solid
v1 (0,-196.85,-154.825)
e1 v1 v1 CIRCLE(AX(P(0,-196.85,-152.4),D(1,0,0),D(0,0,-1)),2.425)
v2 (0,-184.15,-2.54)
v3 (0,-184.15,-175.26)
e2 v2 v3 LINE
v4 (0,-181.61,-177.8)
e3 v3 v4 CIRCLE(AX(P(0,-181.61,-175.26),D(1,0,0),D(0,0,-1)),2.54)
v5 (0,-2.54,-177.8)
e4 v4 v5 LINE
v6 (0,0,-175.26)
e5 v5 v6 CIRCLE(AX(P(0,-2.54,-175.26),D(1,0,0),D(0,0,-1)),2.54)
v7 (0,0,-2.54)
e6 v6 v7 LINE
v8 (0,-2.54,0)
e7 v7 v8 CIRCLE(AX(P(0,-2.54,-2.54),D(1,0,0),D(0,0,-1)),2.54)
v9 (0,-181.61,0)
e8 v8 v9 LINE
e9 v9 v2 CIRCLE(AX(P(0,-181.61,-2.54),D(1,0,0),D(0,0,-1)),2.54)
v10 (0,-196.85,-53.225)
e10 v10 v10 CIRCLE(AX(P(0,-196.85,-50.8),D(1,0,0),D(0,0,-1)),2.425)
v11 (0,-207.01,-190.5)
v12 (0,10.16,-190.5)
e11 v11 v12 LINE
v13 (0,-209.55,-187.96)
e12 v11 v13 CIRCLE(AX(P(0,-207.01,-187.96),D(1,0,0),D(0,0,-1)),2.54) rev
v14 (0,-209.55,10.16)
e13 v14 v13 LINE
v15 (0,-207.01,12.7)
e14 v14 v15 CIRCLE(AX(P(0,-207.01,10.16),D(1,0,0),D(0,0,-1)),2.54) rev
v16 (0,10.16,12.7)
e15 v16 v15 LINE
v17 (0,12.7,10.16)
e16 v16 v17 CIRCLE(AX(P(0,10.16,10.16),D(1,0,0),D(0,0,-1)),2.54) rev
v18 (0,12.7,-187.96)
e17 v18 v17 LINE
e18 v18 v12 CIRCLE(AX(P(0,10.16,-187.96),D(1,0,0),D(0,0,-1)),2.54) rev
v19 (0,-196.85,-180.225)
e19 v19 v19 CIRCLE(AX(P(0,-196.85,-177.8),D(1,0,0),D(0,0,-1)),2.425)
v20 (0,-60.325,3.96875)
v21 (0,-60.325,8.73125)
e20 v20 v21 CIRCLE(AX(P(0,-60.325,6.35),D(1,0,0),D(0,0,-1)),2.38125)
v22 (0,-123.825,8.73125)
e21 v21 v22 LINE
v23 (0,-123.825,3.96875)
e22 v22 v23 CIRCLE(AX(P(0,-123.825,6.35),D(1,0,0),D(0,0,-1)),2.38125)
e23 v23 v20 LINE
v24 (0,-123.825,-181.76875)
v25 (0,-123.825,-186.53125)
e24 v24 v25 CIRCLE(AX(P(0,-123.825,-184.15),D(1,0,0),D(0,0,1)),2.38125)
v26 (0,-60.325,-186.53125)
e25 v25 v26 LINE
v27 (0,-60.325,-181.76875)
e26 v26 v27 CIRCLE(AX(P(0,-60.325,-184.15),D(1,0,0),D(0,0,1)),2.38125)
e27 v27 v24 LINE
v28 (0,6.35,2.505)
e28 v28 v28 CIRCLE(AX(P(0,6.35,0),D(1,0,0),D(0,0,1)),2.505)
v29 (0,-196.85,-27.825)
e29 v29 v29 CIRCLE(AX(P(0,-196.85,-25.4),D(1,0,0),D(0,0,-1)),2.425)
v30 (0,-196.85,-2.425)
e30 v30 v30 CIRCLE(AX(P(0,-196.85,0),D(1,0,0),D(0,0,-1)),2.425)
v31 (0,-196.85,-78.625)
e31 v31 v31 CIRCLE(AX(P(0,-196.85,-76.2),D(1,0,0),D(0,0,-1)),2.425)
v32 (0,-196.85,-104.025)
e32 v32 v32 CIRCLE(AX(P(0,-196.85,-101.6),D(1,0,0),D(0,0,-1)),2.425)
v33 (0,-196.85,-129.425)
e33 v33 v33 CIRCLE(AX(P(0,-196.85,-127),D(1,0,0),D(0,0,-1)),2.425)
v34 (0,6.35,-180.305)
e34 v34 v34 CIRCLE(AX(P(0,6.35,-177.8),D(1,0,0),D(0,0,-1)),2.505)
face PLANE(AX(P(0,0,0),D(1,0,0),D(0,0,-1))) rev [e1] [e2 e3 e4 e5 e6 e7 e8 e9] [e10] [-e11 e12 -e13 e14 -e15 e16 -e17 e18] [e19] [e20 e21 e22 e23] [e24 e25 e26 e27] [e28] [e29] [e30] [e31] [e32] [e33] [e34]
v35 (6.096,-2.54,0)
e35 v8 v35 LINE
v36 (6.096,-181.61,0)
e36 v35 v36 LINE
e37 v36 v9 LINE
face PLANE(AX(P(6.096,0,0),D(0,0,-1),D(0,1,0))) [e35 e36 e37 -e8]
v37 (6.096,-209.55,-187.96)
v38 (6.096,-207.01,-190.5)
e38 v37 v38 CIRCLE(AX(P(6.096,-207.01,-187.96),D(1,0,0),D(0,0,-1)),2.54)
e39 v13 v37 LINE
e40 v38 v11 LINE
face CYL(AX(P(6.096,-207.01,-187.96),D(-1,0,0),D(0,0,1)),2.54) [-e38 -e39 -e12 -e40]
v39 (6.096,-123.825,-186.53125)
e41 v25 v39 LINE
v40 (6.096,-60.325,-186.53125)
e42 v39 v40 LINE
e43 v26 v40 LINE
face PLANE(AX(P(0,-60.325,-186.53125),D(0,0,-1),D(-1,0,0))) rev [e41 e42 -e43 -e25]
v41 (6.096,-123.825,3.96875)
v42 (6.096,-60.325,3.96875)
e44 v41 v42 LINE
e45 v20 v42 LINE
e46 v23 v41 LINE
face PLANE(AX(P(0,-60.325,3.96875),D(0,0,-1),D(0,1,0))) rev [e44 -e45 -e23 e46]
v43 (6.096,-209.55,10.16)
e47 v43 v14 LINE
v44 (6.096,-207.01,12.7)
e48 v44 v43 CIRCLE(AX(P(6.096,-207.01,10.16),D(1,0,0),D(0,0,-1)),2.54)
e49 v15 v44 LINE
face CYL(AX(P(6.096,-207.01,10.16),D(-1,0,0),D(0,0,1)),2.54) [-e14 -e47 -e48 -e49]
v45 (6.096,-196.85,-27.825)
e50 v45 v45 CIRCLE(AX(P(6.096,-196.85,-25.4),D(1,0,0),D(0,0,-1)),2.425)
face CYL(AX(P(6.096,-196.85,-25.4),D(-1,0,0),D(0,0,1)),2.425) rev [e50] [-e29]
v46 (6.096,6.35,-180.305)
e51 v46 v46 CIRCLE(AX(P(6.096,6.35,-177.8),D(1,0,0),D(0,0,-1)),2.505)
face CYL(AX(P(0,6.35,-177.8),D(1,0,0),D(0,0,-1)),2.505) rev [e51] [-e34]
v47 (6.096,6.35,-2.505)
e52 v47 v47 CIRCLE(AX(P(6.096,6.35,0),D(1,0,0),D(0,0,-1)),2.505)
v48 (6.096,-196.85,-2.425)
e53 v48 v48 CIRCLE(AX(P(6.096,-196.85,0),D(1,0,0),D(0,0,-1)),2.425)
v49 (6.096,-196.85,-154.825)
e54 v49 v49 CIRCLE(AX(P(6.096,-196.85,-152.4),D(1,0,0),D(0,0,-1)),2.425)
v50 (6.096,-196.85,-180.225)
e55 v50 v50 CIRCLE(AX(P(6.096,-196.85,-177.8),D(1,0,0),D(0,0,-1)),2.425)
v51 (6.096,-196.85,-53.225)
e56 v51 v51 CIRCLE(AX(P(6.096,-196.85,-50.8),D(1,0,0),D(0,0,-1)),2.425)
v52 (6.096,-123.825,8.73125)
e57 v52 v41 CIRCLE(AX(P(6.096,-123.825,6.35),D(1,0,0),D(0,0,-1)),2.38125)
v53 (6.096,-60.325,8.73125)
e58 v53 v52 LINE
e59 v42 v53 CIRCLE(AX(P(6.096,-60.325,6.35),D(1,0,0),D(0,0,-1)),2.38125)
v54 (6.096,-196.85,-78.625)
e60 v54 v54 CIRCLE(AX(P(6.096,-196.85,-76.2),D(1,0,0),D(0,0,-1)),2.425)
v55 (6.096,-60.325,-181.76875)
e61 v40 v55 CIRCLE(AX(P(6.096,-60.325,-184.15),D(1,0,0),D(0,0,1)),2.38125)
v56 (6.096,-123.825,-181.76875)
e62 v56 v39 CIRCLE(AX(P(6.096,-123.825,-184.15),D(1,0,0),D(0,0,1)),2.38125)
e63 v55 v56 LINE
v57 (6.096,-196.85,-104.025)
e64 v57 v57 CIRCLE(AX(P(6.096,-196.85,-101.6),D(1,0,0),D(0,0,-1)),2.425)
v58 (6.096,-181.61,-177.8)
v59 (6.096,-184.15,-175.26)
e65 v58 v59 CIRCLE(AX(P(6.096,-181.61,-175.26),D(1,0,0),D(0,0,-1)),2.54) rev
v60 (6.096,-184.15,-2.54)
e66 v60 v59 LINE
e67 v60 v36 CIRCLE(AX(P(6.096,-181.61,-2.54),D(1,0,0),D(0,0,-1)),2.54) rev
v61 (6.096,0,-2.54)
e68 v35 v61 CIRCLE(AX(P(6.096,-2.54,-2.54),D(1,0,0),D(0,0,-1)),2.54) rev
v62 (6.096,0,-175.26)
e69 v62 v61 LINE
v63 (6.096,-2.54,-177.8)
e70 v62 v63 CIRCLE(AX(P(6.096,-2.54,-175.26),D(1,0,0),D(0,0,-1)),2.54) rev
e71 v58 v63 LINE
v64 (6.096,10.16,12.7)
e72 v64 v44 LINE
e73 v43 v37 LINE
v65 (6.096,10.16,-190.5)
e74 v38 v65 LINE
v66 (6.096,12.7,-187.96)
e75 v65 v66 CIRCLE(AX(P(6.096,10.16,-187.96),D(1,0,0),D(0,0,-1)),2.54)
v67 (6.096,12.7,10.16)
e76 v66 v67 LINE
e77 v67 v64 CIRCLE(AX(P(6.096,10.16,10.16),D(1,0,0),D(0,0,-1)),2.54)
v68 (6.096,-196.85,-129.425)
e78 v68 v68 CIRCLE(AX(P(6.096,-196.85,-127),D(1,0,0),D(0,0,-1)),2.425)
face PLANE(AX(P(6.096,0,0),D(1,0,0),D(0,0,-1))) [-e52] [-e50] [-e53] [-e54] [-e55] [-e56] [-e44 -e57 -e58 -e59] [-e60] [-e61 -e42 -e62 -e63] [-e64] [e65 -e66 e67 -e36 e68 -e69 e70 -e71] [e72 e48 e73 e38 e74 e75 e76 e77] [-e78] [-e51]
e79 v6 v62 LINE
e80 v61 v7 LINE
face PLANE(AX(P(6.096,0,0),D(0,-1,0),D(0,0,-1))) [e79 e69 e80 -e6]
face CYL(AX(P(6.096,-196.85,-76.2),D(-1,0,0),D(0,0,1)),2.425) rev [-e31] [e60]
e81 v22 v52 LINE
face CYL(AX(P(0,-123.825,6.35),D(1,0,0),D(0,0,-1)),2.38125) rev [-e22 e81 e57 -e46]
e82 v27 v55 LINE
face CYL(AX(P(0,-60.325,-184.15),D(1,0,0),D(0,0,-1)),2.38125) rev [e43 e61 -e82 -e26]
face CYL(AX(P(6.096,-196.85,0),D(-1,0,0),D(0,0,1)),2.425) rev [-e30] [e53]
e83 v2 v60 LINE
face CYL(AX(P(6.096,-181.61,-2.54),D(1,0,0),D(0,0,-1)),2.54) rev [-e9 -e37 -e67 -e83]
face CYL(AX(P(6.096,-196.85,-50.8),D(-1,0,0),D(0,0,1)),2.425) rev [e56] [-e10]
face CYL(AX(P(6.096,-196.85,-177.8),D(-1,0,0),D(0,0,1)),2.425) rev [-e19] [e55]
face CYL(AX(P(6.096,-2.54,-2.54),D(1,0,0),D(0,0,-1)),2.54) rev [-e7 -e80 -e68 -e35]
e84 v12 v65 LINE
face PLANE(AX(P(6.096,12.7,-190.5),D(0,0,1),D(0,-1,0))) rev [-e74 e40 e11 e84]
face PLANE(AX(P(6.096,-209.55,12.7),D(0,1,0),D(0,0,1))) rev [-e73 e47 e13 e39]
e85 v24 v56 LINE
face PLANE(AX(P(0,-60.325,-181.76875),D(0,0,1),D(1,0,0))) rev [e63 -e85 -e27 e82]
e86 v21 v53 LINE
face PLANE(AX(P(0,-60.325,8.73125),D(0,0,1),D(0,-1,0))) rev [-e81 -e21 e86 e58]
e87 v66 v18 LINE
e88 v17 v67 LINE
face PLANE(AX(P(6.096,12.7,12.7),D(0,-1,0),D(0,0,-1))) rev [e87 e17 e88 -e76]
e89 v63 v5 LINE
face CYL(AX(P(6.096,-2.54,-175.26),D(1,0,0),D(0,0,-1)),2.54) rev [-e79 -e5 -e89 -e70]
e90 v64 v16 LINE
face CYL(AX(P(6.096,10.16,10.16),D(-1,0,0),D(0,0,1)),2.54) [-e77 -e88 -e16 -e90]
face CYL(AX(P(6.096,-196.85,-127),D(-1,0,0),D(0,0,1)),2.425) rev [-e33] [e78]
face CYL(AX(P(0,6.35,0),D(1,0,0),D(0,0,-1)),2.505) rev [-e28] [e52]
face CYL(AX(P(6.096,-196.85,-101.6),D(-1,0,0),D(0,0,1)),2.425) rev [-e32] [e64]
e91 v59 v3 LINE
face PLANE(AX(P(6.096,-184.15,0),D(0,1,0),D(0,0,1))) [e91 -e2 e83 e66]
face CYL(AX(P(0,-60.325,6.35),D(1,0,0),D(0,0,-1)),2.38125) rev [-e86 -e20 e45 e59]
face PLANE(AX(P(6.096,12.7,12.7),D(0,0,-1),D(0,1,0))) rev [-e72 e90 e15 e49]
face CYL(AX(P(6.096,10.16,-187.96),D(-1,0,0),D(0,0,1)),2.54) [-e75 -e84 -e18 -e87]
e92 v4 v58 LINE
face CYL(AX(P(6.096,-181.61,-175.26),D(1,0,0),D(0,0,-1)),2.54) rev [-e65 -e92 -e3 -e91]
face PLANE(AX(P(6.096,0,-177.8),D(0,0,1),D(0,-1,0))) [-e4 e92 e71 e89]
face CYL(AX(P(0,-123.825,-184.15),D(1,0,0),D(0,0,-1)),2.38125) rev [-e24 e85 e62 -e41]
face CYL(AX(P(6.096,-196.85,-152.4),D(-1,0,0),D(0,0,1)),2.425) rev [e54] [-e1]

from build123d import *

# Parameters (mm, degrees)
SKETCH1_W               = 203.2
SKETCH1_H               = 222.25
SKETCH1_R               = 2.425
SKETCH1_W_2             = 177.8
SKETCH1_H_2             = 184.15
BOSS_EXTRUDE1_DEPTH     = 6.096
FILLET1_R               = 2.54
CUT_EXTRUDE1_DEPTH      = 7.096
SKETCH3_R               = 2.505
CUT_EXTRUDE2_DEPTH      = 1
CUT_EXTRUDE2_DEPTH_BACK = 7.096


with BuildPart() as part:
    # Sketch1 → Boss-Extrude1 (new body)
    with BuildSketch(Plane(origin=(0, 0, 0), x_dir=(0, 0, -1), z_dir=(1, 0, 0))):
        with Locations((88.9, -98.425)):
            Rectangle(SKETCH1_W, SKETCH1_H)
        with Locations((0, -196.85)):
            Circle(SKETCH1_R, mode=Mode.SUBTRACT)
        with Locations((25.4, -196.85)):
            Circle(SKETCH1_R, mode=Mode.SUBTRACT)
        with Locations((50.8, -196.85)):
            Circle(SKETCH1_R, mode=Mode.SUBTRACT)
        with Locations((76.2, -196.85)):
            Circle(SKETCH1_R, mode=Mode.SUBTRACT)
        with Locations((101.6, -196.85)):
            Circle(SKETCH1_R, mode=Mode.SUBTRACT)
        with Locations((127, -196.85)):
            Circle(SKETCH1_R, mode=Mode.SUBTRACT)
        with Locations((152.4, -196.85)):
            Circle(SKETCH1_R, mode=Mode.SUBTRACT)
        with Locations((177.8, -196.85)):
            Circle(SKETCH1_R, mode=Mode.SUBTRACT)
        with Locations((88.9, -92.075)):
            Rectangle(SKETCH1_W_2, SKETCH1_H_2, mode=Mode.SUBTRACT)
    extrude(amount=BOSS_EXTRUDE1_DEPTH)

    # Fillet1
    fillet1_edges = [part.edges().sort_by_distance(p)[0] for p in [
        (3.048, 0, 0),
        (3.048, -184.15, 0),
        (3.048, -184.15, -177.8),
        (3.048, 0, -177.8),
        (3.048, 12.7, 12.7),
        (3.048, 12.7, -190.5),
        (3.048, -209.55, -190.5),
        (3.048, -209.55, 12.7),
    ]]
    fillet(fillet1_edges, radius=FILLET1_R)

    # Sketch2 → Cut-Extrude1 (cut, through all)
    with BuildSketch(Plane(origin=(6.096, 0, 0), x_dir=(0, 0, -1), z_dir=(1, 0, 0))):
        with BuildLine():
            Line((-3.96875, -60.325), (-3.96875, -123.825))
            ThreePointArc((-3.96875, -123.825), (-6.35, -126.20625), (-8.73125, -123.825))
            Line((-8.73125, -123.825), (-8.73125, -60.325))
            ThreePointArc((-8.73125, -60.325), (-6.35, -57.94375), (-3.96875, -60.325))
        make_face()
        with BuildLine():
            Line((181.76875, -60.325), (181.76875, -123.825))
            ThreePointArc((181.76875, -123.825), (184.15, -126.20625), (186.53125, -123.825))
            Line((186.53125, -123.825), (186.53125, -60.325))
            ThreePointArc((186.53125, -60.325), (184.15, -57.94375), (181.76875, -60.325))
        make_face()
    extrude(amount=-CUT_EXTRUDE1_DEPTH, mode=Mode.SUBTRACT)

    # Sketch3 → Cut-Extrude2 (cut, two sides)
    with BuildSketch(Plane(origin=(6.096, 0, 0), x_dir=(0, 0, -1), z_dir=(1, 0, 0))) as cut_extrude2_sk:
        with Locations((177.8, 6.35)):
            Circle(SKETCH3_R)
        with Locations((0, 6.35)):
            Circle(SKETCH3_R)
    extrude(amount=CUT_EXTRUDE2_DEPTH, mode=Mode.SUBTRACT)
    extrude(cut_extrude2_sk.sketch, amount=-CUT_EXTRUDE2_DEPTH_BACK, mode=Mode.SUBTRACT)


solid = part.part
